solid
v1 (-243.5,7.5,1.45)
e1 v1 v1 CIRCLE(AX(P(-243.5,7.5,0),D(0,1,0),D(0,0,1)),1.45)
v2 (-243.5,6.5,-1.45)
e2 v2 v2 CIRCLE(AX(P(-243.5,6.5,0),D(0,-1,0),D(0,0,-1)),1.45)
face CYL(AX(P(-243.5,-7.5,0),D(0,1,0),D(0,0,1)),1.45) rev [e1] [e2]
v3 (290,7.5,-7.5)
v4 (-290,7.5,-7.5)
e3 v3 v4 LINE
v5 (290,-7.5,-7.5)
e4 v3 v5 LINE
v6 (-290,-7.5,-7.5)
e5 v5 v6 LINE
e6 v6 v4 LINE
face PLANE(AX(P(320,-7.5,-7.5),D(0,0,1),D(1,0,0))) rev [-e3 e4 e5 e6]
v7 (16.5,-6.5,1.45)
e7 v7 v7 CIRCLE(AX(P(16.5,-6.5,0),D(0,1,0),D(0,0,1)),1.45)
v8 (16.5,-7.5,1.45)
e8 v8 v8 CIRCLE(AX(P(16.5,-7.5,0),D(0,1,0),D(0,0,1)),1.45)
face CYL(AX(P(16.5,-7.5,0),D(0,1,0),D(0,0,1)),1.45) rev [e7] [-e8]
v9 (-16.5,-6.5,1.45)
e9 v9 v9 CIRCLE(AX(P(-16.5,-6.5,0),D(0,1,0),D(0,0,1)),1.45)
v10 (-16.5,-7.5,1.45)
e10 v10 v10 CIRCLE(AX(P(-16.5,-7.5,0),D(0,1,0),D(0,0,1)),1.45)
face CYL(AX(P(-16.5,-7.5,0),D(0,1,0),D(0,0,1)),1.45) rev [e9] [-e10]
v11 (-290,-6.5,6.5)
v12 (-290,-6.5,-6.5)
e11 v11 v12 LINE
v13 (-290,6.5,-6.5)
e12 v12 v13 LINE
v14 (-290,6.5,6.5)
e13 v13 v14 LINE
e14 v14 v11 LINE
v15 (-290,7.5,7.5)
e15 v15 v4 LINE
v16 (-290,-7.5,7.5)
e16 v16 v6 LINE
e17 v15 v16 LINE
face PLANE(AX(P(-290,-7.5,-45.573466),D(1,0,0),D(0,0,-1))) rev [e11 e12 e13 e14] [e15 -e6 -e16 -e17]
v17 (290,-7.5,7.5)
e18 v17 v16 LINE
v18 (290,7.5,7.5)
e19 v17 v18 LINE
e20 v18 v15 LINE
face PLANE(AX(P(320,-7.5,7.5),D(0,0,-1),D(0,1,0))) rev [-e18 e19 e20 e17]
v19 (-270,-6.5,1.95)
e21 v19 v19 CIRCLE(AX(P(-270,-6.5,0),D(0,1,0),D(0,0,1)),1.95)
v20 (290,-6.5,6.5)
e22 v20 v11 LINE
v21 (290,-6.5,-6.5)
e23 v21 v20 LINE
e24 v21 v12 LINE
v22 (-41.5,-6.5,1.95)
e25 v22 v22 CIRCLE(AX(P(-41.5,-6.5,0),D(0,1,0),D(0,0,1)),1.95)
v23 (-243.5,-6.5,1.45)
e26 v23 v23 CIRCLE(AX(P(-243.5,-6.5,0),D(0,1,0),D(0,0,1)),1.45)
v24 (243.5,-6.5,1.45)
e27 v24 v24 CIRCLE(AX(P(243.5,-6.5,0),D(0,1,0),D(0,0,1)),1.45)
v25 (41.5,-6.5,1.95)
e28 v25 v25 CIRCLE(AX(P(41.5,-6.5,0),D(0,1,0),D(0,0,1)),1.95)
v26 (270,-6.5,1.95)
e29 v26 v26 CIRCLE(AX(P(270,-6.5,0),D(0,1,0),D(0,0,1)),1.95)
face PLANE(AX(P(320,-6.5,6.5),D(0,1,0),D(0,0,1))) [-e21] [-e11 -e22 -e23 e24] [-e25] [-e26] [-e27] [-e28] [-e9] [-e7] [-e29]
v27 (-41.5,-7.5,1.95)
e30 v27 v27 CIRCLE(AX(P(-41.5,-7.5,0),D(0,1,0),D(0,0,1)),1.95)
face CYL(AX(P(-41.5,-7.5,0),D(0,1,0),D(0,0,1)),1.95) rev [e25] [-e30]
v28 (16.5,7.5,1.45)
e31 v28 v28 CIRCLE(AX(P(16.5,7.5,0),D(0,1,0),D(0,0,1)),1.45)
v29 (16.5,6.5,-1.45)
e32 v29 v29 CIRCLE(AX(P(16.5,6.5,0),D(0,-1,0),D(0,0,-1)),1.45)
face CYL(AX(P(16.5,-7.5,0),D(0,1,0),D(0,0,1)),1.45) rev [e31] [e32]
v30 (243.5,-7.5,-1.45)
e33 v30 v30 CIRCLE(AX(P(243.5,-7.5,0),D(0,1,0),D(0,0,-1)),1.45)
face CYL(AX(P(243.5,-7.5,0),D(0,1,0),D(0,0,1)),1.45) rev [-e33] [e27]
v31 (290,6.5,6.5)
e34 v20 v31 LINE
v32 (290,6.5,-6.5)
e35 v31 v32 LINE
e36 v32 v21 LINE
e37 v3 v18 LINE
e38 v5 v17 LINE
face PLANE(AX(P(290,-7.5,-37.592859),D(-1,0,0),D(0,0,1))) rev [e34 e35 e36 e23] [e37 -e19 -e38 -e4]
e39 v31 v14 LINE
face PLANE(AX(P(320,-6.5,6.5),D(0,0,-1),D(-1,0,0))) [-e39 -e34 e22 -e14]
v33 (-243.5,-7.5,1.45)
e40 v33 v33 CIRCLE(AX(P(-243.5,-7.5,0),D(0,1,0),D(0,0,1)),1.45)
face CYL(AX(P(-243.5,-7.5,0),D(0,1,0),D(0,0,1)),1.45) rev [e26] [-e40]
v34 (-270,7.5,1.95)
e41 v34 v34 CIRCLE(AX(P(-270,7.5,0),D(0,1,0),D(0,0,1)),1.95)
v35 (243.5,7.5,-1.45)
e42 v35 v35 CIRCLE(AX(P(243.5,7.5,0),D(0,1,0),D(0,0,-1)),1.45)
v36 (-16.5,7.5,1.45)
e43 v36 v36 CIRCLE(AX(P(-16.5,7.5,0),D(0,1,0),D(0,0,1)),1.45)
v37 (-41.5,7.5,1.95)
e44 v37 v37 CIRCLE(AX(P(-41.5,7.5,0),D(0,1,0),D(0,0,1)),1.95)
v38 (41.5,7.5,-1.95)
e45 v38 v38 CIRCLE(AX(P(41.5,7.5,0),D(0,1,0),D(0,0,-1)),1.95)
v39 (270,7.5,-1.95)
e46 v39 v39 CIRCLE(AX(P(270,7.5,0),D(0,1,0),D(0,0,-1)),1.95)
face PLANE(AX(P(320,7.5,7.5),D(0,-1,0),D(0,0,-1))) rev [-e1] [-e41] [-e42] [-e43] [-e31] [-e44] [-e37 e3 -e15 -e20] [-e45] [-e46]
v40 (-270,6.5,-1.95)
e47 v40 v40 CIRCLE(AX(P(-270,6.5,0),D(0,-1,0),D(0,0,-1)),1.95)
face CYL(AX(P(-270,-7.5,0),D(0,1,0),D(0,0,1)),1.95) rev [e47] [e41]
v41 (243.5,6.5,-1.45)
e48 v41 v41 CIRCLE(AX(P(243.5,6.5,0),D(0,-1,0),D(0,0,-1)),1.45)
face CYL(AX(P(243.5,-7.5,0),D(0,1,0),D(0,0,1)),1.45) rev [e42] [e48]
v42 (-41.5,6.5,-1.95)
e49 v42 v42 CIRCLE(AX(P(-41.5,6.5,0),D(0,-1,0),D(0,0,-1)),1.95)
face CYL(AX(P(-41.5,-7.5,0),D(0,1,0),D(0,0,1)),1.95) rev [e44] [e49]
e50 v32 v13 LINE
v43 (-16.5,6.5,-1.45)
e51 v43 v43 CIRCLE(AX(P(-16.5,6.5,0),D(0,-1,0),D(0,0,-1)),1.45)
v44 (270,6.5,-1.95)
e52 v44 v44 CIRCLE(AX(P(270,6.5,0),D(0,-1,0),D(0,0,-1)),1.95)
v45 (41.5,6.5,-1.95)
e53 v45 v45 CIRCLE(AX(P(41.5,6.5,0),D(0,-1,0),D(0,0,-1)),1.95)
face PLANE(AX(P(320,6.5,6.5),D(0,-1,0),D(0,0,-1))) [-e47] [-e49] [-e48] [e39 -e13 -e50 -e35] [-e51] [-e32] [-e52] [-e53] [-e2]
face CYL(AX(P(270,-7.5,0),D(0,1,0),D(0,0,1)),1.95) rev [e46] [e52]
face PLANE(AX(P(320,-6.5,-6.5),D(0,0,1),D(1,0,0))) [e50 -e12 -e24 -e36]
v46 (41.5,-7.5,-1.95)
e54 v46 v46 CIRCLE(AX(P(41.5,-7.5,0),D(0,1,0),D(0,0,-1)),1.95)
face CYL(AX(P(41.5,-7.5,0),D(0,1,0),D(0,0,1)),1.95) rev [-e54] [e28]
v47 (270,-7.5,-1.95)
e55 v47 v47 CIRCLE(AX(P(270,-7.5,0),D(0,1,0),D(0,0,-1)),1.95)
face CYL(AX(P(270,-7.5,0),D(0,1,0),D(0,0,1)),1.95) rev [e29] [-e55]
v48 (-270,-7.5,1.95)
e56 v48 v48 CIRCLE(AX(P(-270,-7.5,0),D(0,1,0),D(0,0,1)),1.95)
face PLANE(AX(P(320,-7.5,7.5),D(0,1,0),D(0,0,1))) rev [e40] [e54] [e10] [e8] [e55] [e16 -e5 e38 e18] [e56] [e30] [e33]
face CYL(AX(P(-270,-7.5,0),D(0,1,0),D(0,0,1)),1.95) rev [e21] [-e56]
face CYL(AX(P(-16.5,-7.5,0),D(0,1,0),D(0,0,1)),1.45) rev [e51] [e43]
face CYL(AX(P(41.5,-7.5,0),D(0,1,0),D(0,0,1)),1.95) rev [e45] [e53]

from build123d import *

# Parameters (mm, degrees)
SKETCH_11_W         = 15
SKETCH_11_H         = 15
SKETCH_11_W_2       = 13
SKETCH_11_H_2       = 13
F_15X15X1_1_DEPTH   = 640
SKETCH_12_R         = 1.95
CUT_EXTRUDE_1_DEPTH = 321.43915179
SKETCH_13_R         = 1.45
CUT_EXTRUDE_2_DEPTH = 321.43915179
SKETCH_14_R         = 1.45
CUT_EXTRUDE_3_DEPTH = 321.43915179
SKETCH_15_W         = 44.103354617
SKETCH_15_H         = 76.02578272
SKETCH_15_W_2       = 30.662332257
SKETCH_15_H_2       = 81.486198053
CUT_EXTRUDE_4_DEPTH = 321.43915179


with BuildPart() as part:
    # 草图11 → 铝管 15X15X1(1) (new body)
    with BuildSketch(Plane(origin=(-320, 0, 0), x_dir=(0, 0, -1), z_dir=(1, 0, 0))):
        Rectangle(SKETCH_11_W, SKETCH_11_H)
        Rectangle(SKETCH_11_W_2, SKETCH_11_H_2, mode=Mode.SUBTRACT)
    extrude(amount=F_15X15X1_1_DEPTH)

    # 草图12 → 切除-拉伸1 (cut, through all)
    with BuildSketch(Plane(origin=(0, 7.5, 0), x_dir=(1, 0, 0), z_dir=(0, 1, 0))):
        with Locations(Location((-41.5, 0, 0), (0, 0, 270))):
            Circle(SKETCH_12_R)
        with Locations(Location((-270, 0, 0), (0, 0, 270))):
            Circle(SKETCH_12_R)
        with Locations(Location((270, 0, 0), (0, 0, 90))):
            Circle(SKETCH_12_R)
        with Locations(Location((41.5, 0, 0), (0, 0, 90))):
            Circle(SKETCH_12_R)
    extrude(amount=-CUT_EXTRUDE_1_DEPTH, mode=Mode.SUBTRACT)

    # 草图13 → 切除-拉伸2 (cut, through all)
    with BuildSketch(Plane(origin=(0, 7.5, 0), x_dir=(1, 0, 0), z_dir=(0, 1, 0))):
        with Locations(Location((-243.5, 0, 0), (0, 0, 270))):
            Circle(SKETCH_13_R)
        with Locations(Location((243.5, 0, 0), (0, 0, 90))):
            Circle(SKETCH_13_R)
    extrude(amount=-CUT_EXTRUDE_2_DEPTH, mode=Mode.SUBTRACT)

    # 草图14 → 切除-拉伸3 (cut, through all)
    with BuildSketch(Plane(origin=(0, 7.5, 0), x_dir=(1, 0, 0), z_dir=(0, 1, 0))):
        with Locations(Location((-16.5, 0, 0), (0, 0, 270))):
            Circle(SKETCH_14_R)
        with Locations(Location((16.5, 0, 0), (0, 0, 270))):
            Circle(SKETCH_14_R)
    extrude(amount=-CUT_EXTRUDE_3_DEPTH, mode=Mode.SUBTRACT)

    # 草图15 → 切除-拉伸4 (cut, through all)
    with BuildSketch(Plane(origin=(0, 7.5, 0), x_dir=(1, 0, 0), z_dir=(0, 1, 0))):
        with Locations((-312.051677309, 7.560575077)):
            Rectangle(SKETCH_15_W, SKETCH_15_H)
        with Locations((305.331166129, -3.150239616)):
            Rectangle(SKETCH_15_W_2, SKETCH_15_H_2)
    extrude(amount=-CUT_EXTRUDE_4_DEPTH, mode=Mode.SUBTRACT)


solid = part.part
